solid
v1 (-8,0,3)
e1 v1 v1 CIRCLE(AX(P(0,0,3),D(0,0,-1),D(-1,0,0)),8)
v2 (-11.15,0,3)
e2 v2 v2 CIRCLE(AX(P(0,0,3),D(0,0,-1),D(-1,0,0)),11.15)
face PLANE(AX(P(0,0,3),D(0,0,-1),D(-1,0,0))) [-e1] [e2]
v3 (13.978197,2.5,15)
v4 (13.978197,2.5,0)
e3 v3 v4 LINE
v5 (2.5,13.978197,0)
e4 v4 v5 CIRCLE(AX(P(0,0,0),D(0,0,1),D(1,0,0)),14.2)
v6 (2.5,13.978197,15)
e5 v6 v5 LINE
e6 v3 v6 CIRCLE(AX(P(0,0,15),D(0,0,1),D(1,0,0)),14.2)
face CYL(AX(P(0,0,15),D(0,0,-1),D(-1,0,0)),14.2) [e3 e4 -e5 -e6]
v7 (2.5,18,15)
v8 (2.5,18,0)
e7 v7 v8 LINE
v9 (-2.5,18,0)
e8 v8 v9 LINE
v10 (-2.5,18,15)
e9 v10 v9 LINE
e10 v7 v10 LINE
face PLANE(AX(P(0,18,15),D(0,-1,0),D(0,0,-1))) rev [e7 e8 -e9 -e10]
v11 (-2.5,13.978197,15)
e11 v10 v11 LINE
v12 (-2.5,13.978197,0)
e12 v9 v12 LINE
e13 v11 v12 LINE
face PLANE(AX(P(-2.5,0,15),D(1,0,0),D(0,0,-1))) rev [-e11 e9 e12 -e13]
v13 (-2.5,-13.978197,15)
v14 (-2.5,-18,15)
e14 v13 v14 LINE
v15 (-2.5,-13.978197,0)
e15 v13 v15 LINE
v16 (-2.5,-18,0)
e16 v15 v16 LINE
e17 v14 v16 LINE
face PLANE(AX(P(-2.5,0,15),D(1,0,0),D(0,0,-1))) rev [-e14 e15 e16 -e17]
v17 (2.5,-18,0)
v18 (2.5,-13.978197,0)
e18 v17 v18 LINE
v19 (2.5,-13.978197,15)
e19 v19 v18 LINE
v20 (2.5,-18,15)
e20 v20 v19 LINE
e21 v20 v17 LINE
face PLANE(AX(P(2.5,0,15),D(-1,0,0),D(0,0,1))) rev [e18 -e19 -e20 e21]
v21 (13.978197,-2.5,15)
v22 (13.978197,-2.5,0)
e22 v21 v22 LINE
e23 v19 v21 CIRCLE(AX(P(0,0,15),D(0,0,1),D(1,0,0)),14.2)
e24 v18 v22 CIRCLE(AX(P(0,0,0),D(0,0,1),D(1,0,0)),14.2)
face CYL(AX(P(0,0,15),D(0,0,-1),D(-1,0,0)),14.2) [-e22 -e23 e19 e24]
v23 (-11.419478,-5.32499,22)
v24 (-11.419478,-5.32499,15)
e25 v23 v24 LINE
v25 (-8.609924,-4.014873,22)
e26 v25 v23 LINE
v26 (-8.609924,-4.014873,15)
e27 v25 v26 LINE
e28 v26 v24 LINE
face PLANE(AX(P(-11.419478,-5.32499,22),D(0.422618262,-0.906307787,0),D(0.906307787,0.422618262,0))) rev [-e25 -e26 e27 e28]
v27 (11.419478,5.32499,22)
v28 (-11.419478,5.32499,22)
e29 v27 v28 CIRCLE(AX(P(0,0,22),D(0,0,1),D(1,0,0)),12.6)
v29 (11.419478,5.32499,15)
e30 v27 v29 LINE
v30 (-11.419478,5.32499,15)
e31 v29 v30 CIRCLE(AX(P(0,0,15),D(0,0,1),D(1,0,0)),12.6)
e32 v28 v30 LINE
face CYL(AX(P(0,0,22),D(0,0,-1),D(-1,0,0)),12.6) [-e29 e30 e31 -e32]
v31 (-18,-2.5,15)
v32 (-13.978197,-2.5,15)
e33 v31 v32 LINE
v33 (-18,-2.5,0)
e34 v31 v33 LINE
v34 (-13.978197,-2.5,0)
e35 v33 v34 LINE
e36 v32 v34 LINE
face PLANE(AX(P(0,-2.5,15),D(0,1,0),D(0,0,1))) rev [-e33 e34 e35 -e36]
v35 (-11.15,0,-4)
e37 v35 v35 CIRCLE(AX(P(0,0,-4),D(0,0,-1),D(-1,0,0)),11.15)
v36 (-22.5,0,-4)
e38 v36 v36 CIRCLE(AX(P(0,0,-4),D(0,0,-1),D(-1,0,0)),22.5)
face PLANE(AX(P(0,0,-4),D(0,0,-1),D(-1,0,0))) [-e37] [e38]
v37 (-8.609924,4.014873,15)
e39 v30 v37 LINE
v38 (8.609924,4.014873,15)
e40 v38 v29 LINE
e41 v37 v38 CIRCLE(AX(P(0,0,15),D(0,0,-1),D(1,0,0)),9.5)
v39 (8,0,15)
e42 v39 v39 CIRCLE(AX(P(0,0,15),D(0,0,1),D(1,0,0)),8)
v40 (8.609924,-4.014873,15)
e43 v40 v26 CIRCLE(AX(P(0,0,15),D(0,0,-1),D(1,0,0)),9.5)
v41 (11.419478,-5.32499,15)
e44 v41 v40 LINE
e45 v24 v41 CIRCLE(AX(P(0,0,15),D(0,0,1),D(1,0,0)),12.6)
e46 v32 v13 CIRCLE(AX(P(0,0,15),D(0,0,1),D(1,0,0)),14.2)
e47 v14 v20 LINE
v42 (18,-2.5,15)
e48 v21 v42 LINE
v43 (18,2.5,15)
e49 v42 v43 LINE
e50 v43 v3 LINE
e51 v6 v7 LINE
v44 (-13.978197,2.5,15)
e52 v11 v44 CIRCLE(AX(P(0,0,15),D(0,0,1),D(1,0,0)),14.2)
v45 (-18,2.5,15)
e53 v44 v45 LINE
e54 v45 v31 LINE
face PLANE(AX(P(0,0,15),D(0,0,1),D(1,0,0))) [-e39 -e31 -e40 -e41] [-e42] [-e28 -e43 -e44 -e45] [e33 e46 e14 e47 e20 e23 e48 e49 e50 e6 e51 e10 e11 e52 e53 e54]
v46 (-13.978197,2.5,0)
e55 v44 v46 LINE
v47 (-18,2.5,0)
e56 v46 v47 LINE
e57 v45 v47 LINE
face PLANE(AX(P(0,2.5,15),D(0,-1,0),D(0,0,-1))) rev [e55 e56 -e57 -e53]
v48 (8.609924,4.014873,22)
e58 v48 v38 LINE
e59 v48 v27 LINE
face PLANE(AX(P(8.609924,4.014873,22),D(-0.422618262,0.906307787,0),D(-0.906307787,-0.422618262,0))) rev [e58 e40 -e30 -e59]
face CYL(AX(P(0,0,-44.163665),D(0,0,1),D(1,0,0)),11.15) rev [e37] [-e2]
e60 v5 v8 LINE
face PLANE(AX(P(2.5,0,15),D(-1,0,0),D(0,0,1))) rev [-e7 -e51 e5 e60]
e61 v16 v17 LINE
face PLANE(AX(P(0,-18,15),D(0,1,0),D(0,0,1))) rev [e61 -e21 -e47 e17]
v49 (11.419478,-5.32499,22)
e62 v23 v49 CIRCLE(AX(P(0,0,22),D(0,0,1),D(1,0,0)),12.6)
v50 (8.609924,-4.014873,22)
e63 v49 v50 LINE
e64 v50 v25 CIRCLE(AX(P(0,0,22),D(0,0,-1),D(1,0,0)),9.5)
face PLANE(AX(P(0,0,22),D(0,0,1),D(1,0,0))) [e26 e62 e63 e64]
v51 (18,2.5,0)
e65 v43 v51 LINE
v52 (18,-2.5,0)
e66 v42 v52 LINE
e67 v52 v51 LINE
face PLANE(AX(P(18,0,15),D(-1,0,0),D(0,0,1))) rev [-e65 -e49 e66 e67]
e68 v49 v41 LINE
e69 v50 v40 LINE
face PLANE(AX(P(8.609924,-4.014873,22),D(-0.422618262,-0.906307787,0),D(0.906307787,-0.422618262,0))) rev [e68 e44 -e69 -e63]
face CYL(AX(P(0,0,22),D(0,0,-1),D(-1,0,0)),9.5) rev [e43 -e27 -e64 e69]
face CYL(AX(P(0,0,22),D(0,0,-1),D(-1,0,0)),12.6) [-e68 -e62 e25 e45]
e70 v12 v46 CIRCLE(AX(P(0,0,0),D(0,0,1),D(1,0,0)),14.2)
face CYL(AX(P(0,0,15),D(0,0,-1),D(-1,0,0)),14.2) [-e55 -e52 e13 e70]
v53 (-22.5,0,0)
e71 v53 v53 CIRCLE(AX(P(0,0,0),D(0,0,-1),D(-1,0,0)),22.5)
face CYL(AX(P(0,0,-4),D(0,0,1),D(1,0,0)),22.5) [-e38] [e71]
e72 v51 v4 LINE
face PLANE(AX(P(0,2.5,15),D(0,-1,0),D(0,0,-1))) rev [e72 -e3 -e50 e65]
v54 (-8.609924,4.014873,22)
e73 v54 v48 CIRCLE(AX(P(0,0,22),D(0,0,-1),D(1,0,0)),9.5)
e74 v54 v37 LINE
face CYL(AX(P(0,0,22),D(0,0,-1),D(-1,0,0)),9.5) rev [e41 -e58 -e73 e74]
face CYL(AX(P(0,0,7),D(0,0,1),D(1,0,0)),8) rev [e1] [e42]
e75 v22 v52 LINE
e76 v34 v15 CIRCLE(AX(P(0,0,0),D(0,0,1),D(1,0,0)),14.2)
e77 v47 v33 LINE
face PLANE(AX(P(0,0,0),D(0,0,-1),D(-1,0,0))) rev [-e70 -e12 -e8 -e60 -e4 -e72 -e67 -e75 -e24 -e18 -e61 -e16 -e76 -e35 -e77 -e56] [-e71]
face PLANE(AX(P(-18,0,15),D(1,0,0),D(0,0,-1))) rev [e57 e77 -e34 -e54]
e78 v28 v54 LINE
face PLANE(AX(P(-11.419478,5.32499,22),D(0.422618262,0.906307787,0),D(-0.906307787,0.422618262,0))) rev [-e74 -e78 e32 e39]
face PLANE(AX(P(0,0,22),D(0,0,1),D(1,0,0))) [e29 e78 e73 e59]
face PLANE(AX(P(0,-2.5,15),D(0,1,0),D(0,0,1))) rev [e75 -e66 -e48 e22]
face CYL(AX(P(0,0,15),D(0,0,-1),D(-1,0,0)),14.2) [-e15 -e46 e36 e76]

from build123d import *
from build123d.topology import SkipClean

# Parameters (mm, degrees)
ESBO_O1_R                = 11.15
RESSALTO_EXTRUS_O1_DEPTH = 15
ESBO_O2_R                = 22.5
RESSALTO_EXTRUS_O2_DEPTH = 4
RESSALTO_EXTRUS_O6_START = -8
ESBO_O5_R                = 11.15
ESBO_O5_R_2              = 8
RESSALTO_EXTRUS_O6_DEPTH = 8
RESSALTO_EXTRUS_O7_START = 4
ESBO_O7_R                = 14.2
ESBO_O7_R_2              = 11.15
RESSALTO_EXTRUS_O7_DEPTH = 4
RESSALTO_EXTRUS_O8_START = 4
ESBO_O8_R                = 11.15
ESBO_O8_R_2              = 8
RESSALTO_EXTRUS_O8_DEPTH = 4
RESSALTO_EXTRUS_O9_DEPTH = 7


with BuildPart() as part:
    # Esboço1 → Ressalto-extrusão1 (new body)
    with BuildSketch(Plane.XY):
        with BuildLine():
            Line((-2.5, 18), (-2.5, 13.978197309))
            ThreePointArc((-2.5, 13.978197309), (-10.040916293, 10.040916293), (-13.978197309, 2.5))
            Line((-13.978197309, 2.5), (-18, 2.5))
            Line((-18, 2.5), (-18, -2.5))
            Line((-18, -2.5), (-13.978197309, -2.5))
            ThreePointArc((-13.978197309, -2.5), (-10.040916293, -10.040916293), (-2.5, -13.978197309))
            Line((-2.5, -13.978197309), (-2.5, -18))
            Line((-2.5, -18), (2.5, -18))
            Line((2.5, -18), (2.5, -13.978197309))
            ThreePointArc((2.5, -13.978197309), (10.040916293, -10.040916293), (13.978197309, -2.5))
            Line((13.978197309, -2.5), (18, -2.5))
            Line((18, -2.5), (18, 2.5))
            Line((18, 2.5), (13.978197309, 2.5))
            ThreePointArc((13.978197309, 2.5), (10.040916293, 10.040916293), (2.5, 13.978197309))
            Line((2.5, 13.978197309), (2.5, 18))
            Line((2.5, 18), (-2.5, 18))
        make_face()
        Circle(ESBO_O1_R, mode=Mode.SUBTRACT)
    extrude(amount=RESSALTO_EXTRUS_O1_DEPTH)

    # Esboço5 → Ressalto-extrusão6 (add)
    with BuildSketch(Plane.XY.offset(15).offset(RESSALTO_EXTRUS_O6_START)):
        Circle(ESBO_O5_R)
        Circle(ESBO_O5_R_2, mode=Mode.SUBTRACT)
    extrude(amount=RESSALTO_EXTRUS_O6_DEPTH)



with BuildPart() as body_2:
    # Esboço2 → Ressalto-extrusão2 (new body)
    # profile 1 of 5: a face of its own
    with SkipClean():  # the faces are left unmerged after this step: merging them gives an invalid solid
        with BuildSketch(Plane(origin=(0, 0, 0), x_dir=(-1, 0, 0), z_dir=(0, 0, -1))):
            Circle(ESBO_O2_R)
            with BuildLine():
                Line((2.5, 13.978197309), (2.5, 18))
                Line((2.5, 18), (-2.5, 18))
                Line((-2.5, 18), (-2.5, 13.978197309))
                ThreePointArc((-2.5, 13.978197309), (-10.040916293, 10.040916293), (-13.978197309, 2.5))
                Line((-13.978197309, 2.5), (-18, 2.5))
                Line((-18, 2.5), (-18, -2.5))
                Line((-18, -2.5), (-13.978197309, -2.5))
                ThreePointArc((-13.978197309, -2.5), (-10.040916293, -10.040916293), (-2.5, -13.978197309))
                Line((-2.5, -13.978197309), (-2.5, -18))
                Line((-2.5, -18), (2.5, -18))
                Line((2.5, -18), (2.5, -13.978197309))
                ThreePointArc((2.5, -13.978197309), (10.040916293, -10.040916293), (13.978197309, -2.5))
                Line((13.978197309, -2.5), (18, -2.5))
                Line((18, -2.5), (18, 2.5))
                Line((18, 2.5), (13.978197309, 2.5))
                ThreePointArc((13.978197309, 2.5), (10.040916293, 10.040916293), (2.5, 13.978197309))
            make_face(mode=Mode.SUBTRACT)
        # profile 2 of 5: a face of its own
        with BuildSketch(Plane(origin=(0, 0, 0), x_dir=(-1, 0, 0), z_dir=(0, 0, -1))):
            with BuildLine():
                Line((2.5, -18), (2.5, -13.978197309))
                ThreePointArc((2.5, -13.978197309), (0, -14.2), (-2.5, -13.978197309))
                Line((-2.5, -13.978197309), (-2.5, -18))
                Line((-2.5, -18), (2.5, -18))
            make_face()
        # profile 3 of 5: a face of its own
        with BuildSketch(Plane(origin=(0, 0, 0), x_dir=(-1, 0, 0), z_dir=(0, 0, -1))):
            with BuildLine():
                ThreePointArc((-13.978197309, -2.5), (-14.2, 0), (-13.978197309, 2.5))
                Line((-13.978197309, 2.5), (-18, 2.5))
                Line((-18, 2.5), (-18, -2.5))
                Line((-18, -2.5), (-13.978197309, -2.5))
            make_face()
        # profile 4 of 5: a face of its own
        with BuildSketch(Plane(origin=(0, 0, 0), x_dir=(-1, 0, 0), z_dir=(0, 0, -1))):
            with BuildLine():
                ThreePointArc((-2.5, 13.978197309), (0, 14.2), (2.5, 13.978197309))
                Line((2.5, 13.978197309), (2.5, 18))
                Line((2.5, 18), (-2.5, 18))
                Line((-2.5, 18), (-2.5, 13.978197309))
            make_face()
        # profile 5 of 5: a face of its own
        with BuildSketch(Plane(origin=(0, 0, 0), x_dir=(-1, 0, 0), z_dir=(0, 0, -1))):
            with BuildLine():
                Line((18, 2.5), (13.978197309, 2.5))
                ThreePointArc((13.978197309, 2.5), (14.2, 0), (13.978197309, -2.5))
                Line((13.978197309, -2.5), (18, -2.5))
                Line((18, -2.5), (18, 2.5))
            make_face()
        extrude(amount=RESSALTO_EXTRUS_O2_DEPTH)


with BuildPart() as part_1:
    with SkipClean():  # the faces are left unmerged after this step: merging them gives an invalid solid
        add(part.part)

        add(body_2.part)  # Ressalto-extrusão7 merges body 2
        # Esboço7 → Ressalto-extrusão7 (add)
        with BuildSketch(Plane(origin=(0, 0, 0), x_dir=(-1, 0, 0), z_dir=(0, 0, -1)).offset(RESSALTO_EXTRUS_O7_START)):
            Circle(ESBO_O7_R)
            with Locations(Location((0, 0, 0), (0, 0, 180))):
                Circle(ESBO_O7_R_2, mode=Mode.SUBTRACT)
        extrude(amount=-RESSALTO_EXTRUS_O7_DEPTH)

    # Esboço8 → Ressalto-extrusão8 (add)
    with BuildSketch(Plane(origin=(0, 0, 7), x_dir=(-1, 0, 0), z_dir=(0, 0, -1)).offset(RESSALTO_EXTRUS_O8_START)):
        Circle(ESBO_O8_R)
        with Locations(Location((0, 0, 0), (0, 0, 180))):
            Circle(ESBO_O8_R_2, mode=Mode.SUBTRACT)
    extrude(amount=-RESSALTO_EXTRUS_O8_DEPTH)

    # Esboço9 → Ressalto-extrusão9 (add)
    with BuildSketch(Plane.XY.offset(15)):
        with BuildLine():
            Line((-11.419478117, 5.324990098), (-8.609923977, 4.014873487))
            ThreePointArc((-8.609923977, 4.014873487), (0, 9.5), (8.609923977, 4.014873487))
            Line((8.609923977, 4.014873487), (11.419478117, 5.324990098))
            ThreePointArc((11.419478117, 5.324990098), (0, 12.6), (-11.419478117, 5.324990098))
        make_face()
        with BuildLine():
            Line((-11.419478117, -5.324990098), (-8.609923977, -4.014873487))
            ThreePointArc((-8.609923977, -4.014873487), (0, -9.5), (8.609923977, -4.014873487))
            Line((8.609923977, -4.014873487), (11.419478117, -5.324990098))
            ThreePointArc((11.419478117, -5.324990098), (0, -12.6), (-11.419478117, -5.324990098))
        make_face()
    extrude(amount=RESSALTO_EXTRUS_O9_DEPTH)


solid = part_1.part
